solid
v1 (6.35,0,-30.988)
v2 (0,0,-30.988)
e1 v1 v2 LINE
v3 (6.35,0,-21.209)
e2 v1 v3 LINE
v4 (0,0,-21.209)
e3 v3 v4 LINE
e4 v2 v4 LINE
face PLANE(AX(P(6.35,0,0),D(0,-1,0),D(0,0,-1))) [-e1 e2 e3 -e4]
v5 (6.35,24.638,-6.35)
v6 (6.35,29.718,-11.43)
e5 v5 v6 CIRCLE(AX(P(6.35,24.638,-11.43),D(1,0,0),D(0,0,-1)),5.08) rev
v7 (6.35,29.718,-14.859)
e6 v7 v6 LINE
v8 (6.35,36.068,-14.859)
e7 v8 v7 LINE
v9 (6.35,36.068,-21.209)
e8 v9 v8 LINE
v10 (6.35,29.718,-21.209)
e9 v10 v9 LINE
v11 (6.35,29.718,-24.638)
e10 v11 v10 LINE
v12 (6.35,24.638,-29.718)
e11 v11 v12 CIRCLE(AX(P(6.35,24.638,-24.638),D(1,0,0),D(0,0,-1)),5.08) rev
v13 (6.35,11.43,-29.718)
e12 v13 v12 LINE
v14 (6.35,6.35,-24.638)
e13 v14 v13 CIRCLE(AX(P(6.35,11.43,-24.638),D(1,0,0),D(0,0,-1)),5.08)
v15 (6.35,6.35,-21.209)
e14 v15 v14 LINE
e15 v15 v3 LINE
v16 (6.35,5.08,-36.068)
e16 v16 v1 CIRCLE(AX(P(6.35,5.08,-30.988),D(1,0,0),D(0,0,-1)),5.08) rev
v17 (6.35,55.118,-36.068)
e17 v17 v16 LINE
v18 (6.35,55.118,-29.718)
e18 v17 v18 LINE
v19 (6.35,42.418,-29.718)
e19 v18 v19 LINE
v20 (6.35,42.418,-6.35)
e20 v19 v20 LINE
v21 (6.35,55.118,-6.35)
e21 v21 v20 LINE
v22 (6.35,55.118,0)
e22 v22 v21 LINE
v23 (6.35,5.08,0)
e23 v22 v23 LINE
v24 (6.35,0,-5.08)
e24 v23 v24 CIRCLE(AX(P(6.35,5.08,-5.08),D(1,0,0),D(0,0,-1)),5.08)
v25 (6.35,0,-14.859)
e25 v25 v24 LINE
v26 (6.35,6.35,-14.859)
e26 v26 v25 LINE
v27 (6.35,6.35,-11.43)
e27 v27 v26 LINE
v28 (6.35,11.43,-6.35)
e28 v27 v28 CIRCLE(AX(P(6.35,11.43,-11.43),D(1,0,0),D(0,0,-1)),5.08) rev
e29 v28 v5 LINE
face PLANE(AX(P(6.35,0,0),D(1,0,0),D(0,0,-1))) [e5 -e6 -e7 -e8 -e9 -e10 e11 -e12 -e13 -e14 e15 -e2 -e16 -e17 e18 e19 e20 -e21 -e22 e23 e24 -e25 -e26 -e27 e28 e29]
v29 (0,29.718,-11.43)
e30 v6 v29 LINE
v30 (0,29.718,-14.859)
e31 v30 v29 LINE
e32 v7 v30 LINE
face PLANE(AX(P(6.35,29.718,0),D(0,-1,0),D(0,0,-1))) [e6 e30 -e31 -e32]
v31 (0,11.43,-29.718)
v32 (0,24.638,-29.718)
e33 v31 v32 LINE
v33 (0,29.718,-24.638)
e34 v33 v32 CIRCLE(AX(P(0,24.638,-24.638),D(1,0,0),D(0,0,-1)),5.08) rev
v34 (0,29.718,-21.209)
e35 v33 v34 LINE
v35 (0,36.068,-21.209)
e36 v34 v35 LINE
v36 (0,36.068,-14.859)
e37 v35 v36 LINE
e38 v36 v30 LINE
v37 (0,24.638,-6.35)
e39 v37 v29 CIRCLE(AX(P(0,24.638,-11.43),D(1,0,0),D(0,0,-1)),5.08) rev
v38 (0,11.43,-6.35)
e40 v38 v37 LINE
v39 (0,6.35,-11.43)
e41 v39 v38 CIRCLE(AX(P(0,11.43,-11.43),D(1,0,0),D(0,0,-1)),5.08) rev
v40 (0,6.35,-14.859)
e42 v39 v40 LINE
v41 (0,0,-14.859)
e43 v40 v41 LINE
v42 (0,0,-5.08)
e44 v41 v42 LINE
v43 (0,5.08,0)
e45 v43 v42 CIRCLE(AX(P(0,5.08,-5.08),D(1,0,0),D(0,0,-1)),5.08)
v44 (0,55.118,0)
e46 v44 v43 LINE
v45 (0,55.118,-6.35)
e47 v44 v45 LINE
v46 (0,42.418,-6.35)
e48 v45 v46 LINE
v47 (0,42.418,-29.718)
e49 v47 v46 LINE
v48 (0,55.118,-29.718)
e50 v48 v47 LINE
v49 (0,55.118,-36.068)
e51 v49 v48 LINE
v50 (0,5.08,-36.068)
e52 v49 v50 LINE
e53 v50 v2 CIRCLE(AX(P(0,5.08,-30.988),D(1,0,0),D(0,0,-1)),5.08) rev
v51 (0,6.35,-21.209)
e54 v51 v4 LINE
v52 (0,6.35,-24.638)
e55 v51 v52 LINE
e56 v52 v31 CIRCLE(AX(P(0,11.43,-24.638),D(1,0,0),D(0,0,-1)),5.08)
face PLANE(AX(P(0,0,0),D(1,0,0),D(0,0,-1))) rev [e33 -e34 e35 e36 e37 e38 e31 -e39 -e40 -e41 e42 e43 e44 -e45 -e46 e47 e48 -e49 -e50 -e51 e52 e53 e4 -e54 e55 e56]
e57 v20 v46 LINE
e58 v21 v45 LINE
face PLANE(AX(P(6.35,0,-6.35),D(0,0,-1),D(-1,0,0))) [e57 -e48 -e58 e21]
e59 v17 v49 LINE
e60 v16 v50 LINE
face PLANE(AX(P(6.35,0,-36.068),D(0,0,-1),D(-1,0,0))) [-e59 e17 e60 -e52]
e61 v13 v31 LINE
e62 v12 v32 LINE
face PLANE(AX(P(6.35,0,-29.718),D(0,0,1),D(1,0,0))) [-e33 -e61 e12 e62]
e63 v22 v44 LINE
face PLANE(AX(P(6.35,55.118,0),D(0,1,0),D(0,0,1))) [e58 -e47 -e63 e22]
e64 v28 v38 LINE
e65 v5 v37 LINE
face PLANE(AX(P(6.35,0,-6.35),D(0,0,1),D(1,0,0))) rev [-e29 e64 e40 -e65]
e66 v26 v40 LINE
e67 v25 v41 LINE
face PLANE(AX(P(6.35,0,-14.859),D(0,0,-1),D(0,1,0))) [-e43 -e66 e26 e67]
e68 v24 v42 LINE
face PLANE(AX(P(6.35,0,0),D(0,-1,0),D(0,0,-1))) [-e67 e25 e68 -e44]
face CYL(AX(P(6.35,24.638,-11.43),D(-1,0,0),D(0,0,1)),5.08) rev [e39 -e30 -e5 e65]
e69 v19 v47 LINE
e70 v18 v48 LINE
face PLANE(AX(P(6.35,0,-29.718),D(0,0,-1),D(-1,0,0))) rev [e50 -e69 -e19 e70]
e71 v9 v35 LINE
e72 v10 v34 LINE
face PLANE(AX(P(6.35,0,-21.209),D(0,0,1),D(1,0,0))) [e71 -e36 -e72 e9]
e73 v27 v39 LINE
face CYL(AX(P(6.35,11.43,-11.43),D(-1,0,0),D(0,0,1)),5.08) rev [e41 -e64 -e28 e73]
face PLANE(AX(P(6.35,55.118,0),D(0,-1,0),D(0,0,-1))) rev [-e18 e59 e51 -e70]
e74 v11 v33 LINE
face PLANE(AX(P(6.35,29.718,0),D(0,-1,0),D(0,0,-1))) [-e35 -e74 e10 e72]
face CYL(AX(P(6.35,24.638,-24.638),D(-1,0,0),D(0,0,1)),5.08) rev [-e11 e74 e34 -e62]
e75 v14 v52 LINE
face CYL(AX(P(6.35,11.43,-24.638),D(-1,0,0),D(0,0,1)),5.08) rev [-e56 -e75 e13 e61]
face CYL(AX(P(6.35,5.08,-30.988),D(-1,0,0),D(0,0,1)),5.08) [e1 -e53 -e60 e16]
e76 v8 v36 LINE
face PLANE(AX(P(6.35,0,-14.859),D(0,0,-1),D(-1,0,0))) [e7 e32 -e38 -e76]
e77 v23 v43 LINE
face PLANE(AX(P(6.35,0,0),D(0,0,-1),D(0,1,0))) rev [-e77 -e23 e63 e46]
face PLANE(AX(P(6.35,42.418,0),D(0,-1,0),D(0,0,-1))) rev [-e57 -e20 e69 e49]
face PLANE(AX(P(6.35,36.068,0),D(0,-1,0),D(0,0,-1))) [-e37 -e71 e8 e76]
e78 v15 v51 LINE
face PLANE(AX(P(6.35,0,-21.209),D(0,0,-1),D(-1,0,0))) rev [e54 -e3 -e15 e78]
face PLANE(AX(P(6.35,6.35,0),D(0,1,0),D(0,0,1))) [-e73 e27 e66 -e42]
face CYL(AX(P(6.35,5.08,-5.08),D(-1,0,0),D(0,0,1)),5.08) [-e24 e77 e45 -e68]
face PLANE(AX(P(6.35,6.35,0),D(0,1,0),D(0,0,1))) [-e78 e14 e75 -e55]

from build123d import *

# Parameters (mm, degrees)
BOSS_EXTRUDE1_DEPTH = 6.35


with BuildPart() as part:
    # Sketch2 → Boss-Extrude1 (new body)
    with BuildSketch(Plane(origin=(0, 0, 0), x_dir=(0, 0, -1), z_dir=(1, 0, 0))):
        with BuildLine():
            Line((21.209, 0), (30.988, 0))
            ThreePointArc((30.988, 0), (34.580102448, 1.487897552), (36.068, 5.08))
            Line((36.068, 5.08), (36.068, 36.068))
            Line((36.068, 36.068), (36.068, 55.118))
            Line((36.068, 55.118), (29.718, 55.118))
            Line((29.718, 55.118), (29.718, 42.418))
            Line((29.718, 42.418), (6.35, 42.418))
            Line((6.35, 42.418), (6.35, 55.118))
            Line((6.35, 55.118), (0, 55.118))
            Line((0, 55.118), (0, 36.068))
            Line((0, 36.068), (0, 5.08))
            ThreePointArc((0, 5.08), (1.487897552, 1.487897552), (5.08, 0))
            Line((5.08, 0), (14.859, 0))
            Line((14.859, 0), (14.859, 6.35))
            Line((14.859, 6.35), (11.43, 6.35))
            ThreePointArc((11.43, 6.35), (7.837897552, 7.837897552), (6.35, 11.43))
            Line((6.35, 11.43), (6.35, 24.638))
            ThreePointArc((6.35, 24.638), (7.837897552, 28.230102448), (11.43, 29.718))
            Line((11.43, 29.718), (14.859, 29.718))
            Line((14.859, 29.718), (14.859, 36.068))
            Line((14.859, 36.068), (21.209, 36.068))
            Line((21.209, 36.068), (21.209, 29.718))
            Line((21.209, 29.718), (24.638, 29.718))
            ThreePointArc((24.638, 29.718), (28.230102448, 28.230102448), (29.718, 24.638))
            Line((29.718, 24.638), (29.718, 11.43))
            ThreePointArc((29.718, 11.43), (28.230102448, 7.837897552), (24.638, 6.35))
            Line((24.638, 6.35), (21.209, 6.35))
            Line((21.209, 6.35), (21.209, 0))
        make_face()
    extrude(amount=BOSS_EXTRUDE1_DEPTH)


solid = part.part
